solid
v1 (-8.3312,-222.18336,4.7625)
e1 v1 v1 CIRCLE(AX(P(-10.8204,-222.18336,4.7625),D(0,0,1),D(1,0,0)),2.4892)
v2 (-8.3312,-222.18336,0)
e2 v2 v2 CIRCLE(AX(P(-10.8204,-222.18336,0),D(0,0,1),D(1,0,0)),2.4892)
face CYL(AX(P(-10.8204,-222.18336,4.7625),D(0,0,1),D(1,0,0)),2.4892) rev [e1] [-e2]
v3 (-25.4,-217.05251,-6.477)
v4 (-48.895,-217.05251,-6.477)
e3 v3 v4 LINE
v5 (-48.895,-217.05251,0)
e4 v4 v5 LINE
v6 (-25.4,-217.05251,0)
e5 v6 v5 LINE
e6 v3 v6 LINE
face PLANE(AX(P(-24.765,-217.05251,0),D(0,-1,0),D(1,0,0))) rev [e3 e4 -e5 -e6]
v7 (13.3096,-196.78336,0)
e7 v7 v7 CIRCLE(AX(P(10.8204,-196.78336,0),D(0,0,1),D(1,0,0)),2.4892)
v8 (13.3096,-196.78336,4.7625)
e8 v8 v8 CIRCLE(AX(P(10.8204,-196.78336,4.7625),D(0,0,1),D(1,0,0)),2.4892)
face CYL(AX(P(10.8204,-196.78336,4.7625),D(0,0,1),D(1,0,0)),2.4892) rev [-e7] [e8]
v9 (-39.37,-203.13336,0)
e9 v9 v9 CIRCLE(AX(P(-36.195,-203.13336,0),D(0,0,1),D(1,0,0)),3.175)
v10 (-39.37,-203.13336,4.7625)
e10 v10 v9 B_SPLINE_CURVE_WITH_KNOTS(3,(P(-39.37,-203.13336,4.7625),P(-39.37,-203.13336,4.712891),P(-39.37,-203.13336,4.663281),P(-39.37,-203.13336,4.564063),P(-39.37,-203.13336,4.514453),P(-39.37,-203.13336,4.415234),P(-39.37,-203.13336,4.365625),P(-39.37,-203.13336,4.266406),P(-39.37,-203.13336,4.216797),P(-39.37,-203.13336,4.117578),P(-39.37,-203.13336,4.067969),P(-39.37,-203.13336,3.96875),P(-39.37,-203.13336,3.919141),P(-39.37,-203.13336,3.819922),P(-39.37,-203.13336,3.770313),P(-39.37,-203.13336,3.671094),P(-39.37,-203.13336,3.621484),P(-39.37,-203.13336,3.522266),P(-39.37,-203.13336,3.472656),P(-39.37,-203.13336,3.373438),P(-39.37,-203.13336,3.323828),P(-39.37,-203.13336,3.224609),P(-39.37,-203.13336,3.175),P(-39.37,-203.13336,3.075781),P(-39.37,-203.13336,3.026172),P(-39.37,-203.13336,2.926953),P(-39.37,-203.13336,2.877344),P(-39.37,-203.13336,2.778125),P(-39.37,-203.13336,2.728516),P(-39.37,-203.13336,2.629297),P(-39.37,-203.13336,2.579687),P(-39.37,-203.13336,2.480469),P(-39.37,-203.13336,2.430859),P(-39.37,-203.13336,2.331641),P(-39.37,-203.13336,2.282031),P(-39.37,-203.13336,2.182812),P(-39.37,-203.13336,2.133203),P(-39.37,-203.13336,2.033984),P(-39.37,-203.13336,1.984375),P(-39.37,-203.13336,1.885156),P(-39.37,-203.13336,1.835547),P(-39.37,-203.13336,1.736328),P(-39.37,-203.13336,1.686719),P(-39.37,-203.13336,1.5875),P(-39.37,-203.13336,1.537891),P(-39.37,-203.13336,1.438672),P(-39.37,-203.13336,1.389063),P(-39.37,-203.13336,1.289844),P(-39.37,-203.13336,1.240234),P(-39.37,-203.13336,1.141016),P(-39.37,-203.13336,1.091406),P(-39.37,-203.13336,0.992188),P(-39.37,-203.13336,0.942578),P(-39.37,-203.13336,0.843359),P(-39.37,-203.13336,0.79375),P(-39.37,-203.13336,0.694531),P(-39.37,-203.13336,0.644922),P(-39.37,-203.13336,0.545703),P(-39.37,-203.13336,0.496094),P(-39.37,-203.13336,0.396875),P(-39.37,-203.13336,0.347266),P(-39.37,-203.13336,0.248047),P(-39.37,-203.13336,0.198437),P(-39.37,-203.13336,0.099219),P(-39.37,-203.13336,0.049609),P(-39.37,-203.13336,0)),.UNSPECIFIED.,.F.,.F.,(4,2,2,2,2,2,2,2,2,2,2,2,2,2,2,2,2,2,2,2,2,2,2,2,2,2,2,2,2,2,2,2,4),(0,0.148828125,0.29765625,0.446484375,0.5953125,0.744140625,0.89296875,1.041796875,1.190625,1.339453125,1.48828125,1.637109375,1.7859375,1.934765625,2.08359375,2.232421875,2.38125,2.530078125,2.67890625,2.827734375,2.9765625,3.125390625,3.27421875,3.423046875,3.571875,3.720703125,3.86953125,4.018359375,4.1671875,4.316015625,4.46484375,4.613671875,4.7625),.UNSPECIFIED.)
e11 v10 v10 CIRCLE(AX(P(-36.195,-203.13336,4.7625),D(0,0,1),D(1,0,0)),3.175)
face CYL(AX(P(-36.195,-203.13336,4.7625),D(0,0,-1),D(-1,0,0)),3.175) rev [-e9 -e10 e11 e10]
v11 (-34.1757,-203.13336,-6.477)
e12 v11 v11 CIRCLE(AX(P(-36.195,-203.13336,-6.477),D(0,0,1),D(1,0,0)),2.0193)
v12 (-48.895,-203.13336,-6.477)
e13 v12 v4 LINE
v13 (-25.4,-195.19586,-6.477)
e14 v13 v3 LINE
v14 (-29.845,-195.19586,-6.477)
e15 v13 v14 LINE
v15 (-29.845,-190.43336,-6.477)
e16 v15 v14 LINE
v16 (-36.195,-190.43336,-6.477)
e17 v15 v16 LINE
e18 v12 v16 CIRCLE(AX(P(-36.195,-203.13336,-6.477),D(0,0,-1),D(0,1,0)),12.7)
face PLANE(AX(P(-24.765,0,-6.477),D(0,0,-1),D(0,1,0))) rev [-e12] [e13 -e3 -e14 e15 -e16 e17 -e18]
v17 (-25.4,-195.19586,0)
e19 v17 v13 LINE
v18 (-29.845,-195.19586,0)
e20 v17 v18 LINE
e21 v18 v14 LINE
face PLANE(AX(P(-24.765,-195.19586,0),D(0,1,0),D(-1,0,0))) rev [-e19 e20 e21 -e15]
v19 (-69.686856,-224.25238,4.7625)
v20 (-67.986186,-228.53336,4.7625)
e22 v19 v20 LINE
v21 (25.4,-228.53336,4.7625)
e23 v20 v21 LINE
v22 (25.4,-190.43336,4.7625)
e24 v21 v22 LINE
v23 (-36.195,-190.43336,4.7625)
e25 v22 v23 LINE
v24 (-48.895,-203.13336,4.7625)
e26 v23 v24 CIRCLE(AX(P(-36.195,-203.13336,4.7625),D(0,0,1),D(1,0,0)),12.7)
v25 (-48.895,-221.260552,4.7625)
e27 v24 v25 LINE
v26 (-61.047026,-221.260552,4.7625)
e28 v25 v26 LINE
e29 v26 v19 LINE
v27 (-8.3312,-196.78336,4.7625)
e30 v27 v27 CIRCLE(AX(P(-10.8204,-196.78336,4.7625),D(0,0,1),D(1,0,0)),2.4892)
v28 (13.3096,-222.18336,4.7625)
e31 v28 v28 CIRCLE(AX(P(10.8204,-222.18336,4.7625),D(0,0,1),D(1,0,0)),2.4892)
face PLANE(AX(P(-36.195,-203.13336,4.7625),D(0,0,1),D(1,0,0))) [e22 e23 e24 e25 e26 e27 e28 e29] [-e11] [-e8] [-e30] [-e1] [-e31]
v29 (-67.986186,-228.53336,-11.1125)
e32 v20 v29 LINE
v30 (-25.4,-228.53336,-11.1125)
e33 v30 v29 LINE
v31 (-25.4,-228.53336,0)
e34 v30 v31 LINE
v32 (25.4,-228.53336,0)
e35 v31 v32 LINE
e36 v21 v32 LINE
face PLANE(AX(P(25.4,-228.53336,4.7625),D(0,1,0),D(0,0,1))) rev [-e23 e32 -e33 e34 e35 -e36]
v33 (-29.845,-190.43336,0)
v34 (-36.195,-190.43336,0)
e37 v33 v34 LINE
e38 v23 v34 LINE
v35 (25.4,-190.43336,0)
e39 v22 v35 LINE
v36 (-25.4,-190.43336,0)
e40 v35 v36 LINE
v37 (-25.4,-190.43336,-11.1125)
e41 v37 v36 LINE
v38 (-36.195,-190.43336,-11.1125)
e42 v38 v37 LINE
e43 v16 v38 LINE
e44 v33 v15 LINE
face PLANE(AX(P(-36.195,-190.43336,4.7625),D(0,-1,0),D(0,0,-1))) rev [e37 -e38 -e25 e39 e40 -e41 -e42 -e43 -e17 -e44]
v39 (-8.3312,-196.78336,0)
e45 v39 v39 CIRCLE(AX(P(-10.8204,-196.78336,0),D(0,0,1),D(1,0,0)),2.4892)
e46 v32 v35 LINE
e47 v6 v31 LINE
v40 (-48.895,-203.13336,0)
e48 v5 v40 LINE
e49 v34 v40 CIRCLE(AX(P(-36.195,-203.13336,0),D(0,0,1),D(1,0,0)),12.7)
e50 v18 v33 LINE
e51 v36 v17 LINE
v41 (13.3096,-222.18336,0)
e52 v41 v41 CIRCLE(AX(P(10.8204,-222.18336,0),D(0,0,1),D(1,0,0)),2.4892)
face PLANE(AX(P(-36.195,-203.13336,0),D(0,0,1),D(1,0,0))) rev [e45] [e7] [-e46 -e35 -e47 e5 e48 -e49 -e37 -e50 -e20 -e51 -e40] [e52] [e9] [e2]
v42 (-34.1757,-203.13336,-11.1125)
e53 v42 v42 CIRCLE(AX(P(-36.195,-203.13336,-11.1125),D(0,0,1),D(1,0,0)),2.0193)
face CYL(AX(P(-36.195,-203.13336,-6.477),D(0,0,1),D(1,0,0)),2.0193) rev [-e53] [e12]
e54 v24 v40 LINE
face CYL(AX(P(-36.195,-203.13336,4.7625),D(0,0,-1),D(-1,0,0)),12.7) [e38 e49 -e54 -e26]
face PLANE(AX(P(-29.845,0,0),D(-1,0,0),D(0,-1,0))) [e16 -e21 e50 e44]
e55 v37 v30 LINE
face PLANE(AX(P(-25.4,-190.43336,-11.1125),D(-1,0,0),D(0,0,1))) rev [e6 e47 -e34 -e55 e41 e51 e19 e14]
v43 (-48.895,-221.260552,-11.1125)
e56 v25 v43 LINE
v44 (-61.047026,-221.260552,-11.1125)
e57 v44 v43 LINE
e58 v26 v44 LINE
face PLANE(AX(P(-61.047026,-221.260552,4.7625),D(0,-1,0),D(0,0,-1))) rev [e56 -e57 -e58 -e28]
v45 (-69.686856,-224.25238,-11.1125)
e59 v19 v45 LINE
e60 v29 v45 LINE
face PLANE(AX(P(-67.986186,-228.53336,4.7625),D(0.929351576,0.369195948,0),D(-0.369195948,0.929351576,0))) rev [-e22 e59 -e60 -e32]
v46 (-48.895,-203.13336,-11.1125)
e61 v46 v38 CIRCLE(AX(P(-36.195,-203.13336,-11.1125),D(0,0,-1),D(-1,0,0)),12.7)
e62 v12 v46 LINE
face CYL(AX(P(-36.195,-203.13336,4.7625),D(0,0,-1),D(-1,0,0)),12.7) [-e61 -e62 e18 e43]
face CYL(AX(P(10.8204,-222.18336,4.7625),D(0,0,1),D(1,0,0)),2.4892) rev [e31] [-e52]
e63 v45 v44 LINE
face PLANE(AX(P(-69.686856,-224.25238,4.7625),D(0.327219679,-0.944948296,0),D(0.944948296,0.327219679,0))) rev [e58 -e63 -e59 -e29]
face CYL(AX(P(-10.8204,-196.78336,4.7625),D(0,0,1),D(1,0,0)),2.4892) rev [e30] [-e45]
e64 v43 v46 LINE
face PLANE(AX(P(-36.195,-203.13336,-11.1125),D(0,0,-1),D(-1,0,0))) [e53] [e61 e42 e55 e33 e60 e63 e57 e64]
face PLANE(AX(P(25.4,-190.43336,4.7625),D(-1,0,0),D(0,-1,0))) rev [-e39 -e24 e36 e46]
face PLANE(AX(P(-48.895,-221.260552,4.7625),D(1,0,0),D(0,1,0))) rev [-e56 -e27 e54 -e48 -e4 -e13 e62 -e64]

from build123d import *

# Parameters (mm, degrees)
SKETCH2_R                  = 3.175
BOSS_EXTRUDE1_DEPTH        = 4.7625
BOSS_EXTRUDE2_START        = 11.1125
BOSS_EXTRUDE2_DEPTH        = 11.1125
SKETCH12_W                 = 6.477
SKETCH12_H                 = 21.856650617
CUT_EXTRUDE1_DEPTH         = 24.13
SKETCH12_3_W               = 6.477
SKETCH12_3_H               = 4.7625
CUT_EXTRUDE2_DEPTH         = 19.05
TAP_DRILL_FOR_10_32_TAP1_D = 4.0386
F_10_CLEARANCE_HOLE2_D     = 4.9784


with BuildPart() as part:
    # Sketch2 → Boss-Extrude1 (new body)
    with BuildSketch(Plane.XY):
        with BuildLine():
            Line((-67.986186343, -228.533359856), (-69.686856366, -224.252380141))
            Line((-69.686856366, -224.252380141), (-61.0470258, -221.260552334))
            Line((-61.0470258, -221.260552334), (-48.895, -221.260552334))
            Line((-48.895, -221.260552334), (-48.895, -203.133359856))
            ThreePointArc((-48.895, -203.133359856), (-45.175256121, -194.153103735), (-36.195, -190.433359856))
            Line((-36.195, -190.433359856), (25.4, -190.433359856))
            Line((25.4, -190.433359856), (25.4, -228.533359856))
            Line((25.4, -228.533359856), (-67.986186343, -228.533359856))
        make_face()
        with Locations((-36.195, -203.133359856)):
            Circle(SKETCH2_R, mode=Mode.SUBTRACT)
    extrude(amount=BOSS_EXTRUDE1_DEPTH)

    # Sketch11 → Boss-Extrude2 (add)
    with BuildSketch(Plane(origin=(0, 0, 0), x_dir=(-1, 0, 0), z_dir=(0, 0, -1)).offset(BOSS_EXTRUDE2_START)):
        with BuildLine():
            Line((25.4, -190.433359856), (25.4, -228.533359856))
            Line((25.4, -228.533359856), (67.986186343, -228.533359856))
            Line((67.986186343, -228.533359856), (69.686856366, -224.252380141))
            Line((69.686856366, -224.252380141), (61.0470258, -221.260552334))
            Line((61.0470258, -221.260552334), (48.895, -221.260552334))
            Line((48.895, -221.260552334), (48.895, -203.133359856))
            ThreePointArc((48.895, -203.133359856), (45.175256121, -194.153103735), (36.195, -190.433359856))
            Line((36.195, -190.433359856), (25.4, -190.433359856))
        make_face()
    extrude(amount=-BOSS_EXTRUDE2_DEPTH)

    # Sketch12 → Cut-Extrude1 (cut)
    with BuildSketch(Plane.ZY.offset(48.895)):
        with Locations((-3.2385, -206.124185165)):
            Rectangle(SKETCH12_W, SKETCH12_H)
    extrude(amount=-CUT_EXTRUDE1_DEPTH, mode=Mode.SUBTRACT)

    # Sketch12<3> → Cut-Extrude2 (cut)
    with BuildSketch(Plane.ZY.offset(48.895)):
        with Locations((-3.2385, -192.814609856)):
            Rectangle(SKETCH12_3_W, SKETCH12_3_H)
    extrude(amount=-CUT_EXTRUDE2_DEPTH, mode=Mode.SUBTRACT)

    # Tap Drill for #10-32 Tap1 (through all)
    with Locations(Plane.XY.offset(-6.477)):
        with Locations((-36.195, -203.133359856)):
            Hole(TAP_DRILL_FOR_10_32_TAP1_D / 2)

    # #10 Clearance Hole2 (through all)
    with Locations(Plane.XY.offset(4.7625)):
        with Locations((-10.8204, -196.783359856), (-10.8204, -222.183359856), (10.8204, -222.183359856), (10.8204, -196.783359856)):
            Hole(F_10_CLEARANCE_HOLE2_D / 2)


solid = part.part
